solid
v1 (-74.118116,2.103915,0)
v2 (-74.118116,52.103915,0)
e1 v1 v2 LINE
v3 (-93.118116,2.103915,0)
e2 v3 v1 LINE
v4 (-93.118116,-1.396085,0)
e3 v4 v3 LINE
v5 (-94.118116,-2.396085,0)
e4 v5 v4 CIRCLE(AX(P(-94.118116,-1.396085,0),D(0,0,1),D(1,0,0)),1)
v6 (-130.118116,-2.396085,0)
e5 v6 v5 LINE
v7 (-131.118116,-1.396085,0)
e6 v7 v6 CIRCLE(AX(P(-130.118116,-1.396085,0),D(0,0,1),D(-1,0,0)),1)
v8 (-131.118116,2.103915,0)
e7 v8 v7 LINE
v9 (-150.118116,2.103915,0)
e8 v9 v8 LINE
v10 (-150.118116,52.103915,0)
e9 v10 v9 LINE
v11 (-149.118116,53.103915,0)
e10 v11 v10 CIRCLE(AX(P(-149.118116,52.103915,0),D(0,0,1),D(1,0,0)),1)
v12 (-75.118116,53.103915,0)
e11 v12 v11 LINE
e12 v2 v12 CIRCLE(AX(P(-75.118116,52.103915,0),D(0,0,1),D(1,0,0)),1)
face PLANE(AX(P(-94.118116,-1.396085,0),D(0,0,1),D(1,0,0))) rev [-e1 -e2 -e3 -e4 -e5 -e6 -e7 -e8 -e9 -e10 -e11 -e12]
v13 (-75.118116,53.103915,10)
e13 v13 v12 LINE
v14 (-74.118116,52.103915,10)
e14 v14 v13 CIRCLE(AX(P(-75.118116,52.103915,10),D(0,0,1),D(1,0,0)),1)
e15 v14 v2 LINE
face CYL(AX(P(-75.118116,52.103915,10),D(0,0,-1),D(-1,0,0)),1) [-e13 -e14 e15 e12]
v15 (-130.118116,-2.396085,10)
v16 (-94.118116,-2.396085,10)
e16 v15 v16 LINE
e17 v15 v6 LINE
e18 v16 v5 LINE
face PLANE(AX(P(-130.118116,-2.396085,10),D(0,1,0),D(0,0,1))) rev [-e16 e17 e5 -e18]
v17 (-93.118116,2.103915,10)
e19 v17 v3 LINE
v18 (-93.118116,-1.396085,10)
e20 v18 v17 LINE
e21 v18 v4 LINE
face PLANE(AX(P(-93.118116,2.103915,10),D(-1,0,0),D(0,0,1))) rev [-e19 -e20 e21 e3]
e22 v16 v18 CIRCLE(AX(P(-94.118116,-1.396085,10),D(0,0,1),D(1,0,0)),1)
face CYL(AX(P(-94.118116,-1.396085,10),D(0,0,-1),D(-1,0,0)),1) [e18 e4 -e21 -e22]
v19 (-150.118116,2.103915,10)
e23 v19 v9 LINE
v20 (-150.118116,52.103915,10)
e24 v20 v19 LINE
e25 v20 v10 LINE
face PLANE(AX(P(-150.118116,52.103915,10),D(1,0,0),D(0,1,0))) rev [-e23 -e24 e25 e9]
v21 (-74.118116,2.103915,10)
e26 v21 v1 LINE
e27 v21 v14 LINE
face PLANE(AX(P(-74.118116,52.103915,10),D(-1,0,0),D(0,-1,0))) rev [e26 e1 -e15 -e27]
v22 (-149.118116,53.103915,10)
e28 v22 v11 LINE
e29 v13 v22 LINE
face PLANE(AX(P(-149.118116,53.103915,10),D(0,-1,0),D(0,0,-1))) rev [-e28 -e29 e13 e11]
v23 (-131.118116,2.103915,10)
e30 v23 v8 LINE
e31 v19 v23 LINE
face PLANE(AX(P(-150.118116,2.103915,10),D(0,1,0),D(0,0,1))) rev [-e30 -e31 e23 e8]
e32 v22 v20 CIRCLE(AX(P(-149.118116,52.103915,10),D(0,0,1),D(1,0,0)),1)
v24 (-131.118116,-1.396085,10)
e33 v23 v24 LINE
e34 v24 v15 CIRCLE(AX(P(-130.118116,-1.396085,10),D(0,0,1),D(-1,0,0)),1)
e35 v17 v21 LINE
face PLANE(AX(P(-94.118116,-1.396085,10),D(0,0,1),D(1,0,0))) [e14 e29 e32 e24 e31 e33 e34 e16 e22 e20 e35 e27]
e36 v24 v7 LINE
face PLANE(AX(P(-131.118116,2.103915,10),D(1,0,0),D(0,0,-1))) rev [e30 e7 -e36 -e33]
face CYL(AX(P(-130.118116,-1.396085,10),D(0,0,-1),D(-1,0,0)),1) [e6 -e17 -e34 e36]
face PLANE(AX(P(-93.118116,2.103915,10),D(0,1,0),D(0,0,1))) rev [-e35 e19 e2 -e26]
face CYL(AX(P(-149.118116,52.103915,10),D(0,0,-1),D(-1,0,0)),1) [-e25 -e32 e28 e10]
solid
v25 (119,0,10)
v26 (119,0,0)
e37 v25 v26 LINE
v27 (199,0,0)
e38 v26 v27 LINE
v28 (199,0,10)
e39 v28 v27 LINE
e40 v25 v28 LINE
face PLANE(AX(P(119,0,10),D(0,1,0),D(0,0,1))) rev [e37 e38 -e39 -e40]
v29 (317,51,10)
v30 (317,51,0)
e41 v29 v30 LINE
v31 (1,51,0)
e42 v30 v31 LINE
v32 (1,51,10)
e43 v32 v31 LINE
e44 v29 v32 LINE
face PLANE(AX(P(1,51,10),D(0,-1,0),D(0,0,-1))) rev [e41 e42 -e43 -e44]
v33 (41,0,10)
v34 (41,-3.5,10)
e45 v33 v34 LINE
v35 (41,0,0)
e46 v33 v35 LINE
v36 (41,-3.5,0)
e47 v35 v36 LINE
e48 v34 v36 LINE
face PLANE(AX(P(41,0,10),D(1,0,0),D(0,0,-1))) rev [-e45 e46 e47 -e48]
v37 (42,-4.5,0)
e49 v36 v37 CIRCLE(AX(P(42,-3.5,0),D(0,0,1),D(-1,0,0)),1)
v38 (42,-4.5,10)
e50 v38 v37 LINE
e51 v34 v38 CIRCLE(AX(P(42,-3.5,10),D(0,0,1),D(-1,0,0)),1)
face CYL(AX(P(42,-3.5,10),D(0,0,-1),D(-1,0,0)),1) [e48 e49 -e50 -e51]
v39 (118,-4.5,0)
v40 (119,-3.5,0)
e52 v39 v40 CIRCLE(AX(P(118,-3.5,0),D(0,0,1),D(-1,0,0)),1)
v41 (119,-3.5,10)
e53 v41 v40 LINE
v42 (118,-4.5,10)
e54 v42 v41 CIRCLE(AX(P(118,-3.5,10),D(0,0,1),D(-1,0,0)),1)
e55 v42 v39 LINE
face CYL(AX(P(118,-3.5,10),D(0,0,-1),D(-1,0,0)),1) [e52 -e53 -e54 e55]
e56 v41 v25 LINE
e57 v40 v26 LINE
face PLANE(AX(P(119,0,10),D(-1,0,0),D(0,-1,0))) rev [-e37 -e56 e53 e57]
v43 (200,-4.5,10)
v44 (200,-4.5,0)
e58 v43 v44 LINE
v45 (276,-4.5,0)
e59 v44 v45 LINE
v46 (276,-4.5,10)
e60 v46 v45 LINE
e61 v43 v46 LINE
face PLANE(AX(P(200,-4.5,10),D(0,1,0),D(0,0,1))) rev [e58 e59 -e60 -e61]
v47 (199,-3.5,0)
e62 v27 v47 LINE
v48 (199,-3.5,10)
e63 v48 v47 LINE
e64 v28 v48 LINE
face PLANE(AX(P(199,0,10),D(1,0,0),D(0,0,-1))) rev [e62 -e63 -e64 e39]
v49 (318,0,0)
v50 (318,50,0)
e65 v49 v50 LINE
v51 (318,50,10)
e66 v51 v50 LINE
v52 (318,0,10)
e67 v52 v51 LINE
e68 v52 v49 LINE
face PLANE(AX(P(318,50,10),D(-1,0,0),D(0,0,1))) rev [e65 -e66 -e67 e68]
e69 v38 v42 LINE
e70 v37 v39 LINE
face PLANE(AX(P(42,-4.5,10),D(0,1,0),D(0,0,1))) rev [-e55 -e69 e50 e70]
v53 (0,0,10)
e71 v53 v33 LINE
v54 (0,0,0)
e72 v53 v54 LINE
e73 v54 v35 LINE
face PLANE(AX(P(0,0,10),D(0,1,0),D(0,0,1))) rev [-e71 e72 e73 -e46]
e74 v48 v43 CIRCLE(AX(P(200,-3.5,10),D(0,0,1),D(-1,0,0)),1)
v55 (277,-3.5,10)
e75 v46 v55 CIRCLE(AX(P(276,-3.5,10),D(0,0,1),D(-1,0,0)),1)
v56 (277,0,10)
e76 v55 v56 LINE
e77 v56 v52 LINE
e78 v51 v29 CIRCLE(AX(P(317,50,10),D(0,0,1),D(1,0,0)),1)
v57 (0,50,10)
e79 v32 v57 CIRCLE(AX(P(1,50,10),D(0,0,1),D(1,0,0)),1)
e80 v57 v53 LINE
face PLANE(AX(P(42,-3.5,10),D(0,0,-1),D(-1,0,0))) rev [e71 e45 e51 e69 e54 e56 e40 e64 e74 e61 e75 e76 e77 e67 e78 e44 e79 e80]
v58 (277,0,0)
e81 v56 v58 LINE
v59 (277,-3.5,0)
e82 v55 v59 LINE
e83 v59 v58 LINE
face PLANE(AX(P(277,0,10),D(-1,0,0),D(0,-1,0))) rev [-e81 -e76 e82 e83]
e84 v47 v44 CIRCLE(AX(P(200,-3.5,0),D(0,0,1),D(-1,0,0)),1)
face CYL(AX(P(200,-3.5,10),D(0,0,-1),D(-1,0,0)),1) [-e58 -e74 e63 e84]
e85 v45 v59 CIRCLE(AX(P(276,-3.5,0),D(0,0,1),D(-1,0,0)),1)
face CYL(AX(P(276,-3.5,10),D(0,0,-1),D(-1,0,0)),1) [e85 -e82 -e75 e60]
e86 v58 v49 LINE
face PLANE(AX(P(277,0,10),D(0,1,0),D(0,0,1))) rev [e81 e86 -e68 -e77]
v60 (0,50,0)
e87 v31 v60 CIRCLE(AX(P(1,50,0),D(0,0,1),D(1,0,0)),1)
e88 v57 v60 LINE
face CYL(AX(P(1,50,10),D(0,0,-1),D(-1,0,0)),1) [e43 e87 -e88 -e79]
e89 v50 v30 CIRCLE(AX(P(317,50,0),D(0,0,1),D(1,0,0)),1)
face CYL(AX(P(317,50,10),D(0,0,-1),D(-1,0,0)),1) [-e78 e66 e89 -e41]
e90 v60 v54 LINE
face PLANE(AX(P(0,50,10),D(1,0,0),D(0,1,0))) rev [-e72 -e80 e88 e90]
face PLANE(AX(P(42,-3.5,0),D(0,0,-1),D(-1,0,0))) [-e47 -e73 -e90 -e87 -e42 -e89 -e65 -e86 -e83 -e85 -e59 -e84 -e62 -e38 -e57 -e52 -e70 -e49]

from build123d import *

# Parameters (mm, degrees)
BOSS_EXTRUDE1_DEPTH   = 10
BOSS_EXTRUDE1_2_DEPTH = 10


with BuildPart() as part:
    # Sketch1 → Boss-Extrude1 (new body)
    with BuildSketch(Plane.XY):
        with BuildLine():
            Line((-93.118115932, 2.103915247), (-74.118115932, 2.103915247))
            Line((-74.118115932, 2.103915247), (-74.118115932, 52.103915247))
            ThreePointArc((-74.118115932, 52.103915247), (-74.411009151, 52.811022028), (-75.118115932, 53.103915247))
            Line((-75.118115932, 53.103915247), (-149.118115932, 53.103915247))
            ThreePointArc((-149.118115932, 53.103915247), (-149.825222713, 52.811022028), (-150.118115932, 52.103915247))
            Line((-150.118115932, 52.103915247), (-150.118115932, 2.103915247))
            Line((-150.118115932, 2.103915247), (-131.118115932, 2.103915247))
            Line((-131.118115932, 2.103915247), (-131.118115932, -1.396084753))
            ThreePointArc((-131.118115932, -1.396084753), (-130.825222713, -2.103191534), (-130.118115932, -2.396084753))
            Line((-130.118115932, -2.396084753), (-94.118115932, -2.396084753))
            ThreePointArc((-94.118115932, -2.396084753), (-93.411009151, -2.103191534), (-93.118115932, -1.396084753))
            Line((-93.118115932, -1.396084753), (-93.118115932, 2.103915247))
        make_face()
    extrude(amount=BOSS_EXTRUDE1_DEPTH)


with BuildPart() as body_2:
    # Sketch1 → Boss-Extrude1 2 (new body)
    with BuildSketch(Plane.XY):
        with BuildLine():
            Line((119, 0), (199, 0))
            Line((199, 0), (199, -3.5))
            ThreePointArc((199, -3.5), (199.292893219, -4.207106781), (200, -4.5))
            Line((200, -4.5), (276, -4.5))
            ThreePointArc((276, -4.5), (276.707106781, -4.207106781), (277, -3.5))
            Line((277, -3.5), (277, 0))
            Line((277, 0), (318, 0))
            Line((318, 0), (318, 50))
            ThreePointArc((318, 50), (317.707106781, 50.707106781), (317, 51))
            Line((317, 51), (1, 51))
            ThreePointArc((1, 51), (0.292893219, 50.707106781), (0, 50))
            Line((0, 50), (0, 0))
            Line((0, 0), (41, 0))
            Line((41, 0), (41, -3.5))
            ThreePointArc((41, -3.5), (41.292893219, -4.207106781), (42, -4.5))
            Line((42, -4.5), (118, -4.5))
            ThreePointArc((118, -4.5), (118.707106781, -4.207106781), (119, -3.5))
            Line((119, -3.5), (119, 0))
        make_face()
    extrude(amount=BOSS_EXTRUDE1_2_DEPTH)


solid = Compound([part.part, body_2.part])
